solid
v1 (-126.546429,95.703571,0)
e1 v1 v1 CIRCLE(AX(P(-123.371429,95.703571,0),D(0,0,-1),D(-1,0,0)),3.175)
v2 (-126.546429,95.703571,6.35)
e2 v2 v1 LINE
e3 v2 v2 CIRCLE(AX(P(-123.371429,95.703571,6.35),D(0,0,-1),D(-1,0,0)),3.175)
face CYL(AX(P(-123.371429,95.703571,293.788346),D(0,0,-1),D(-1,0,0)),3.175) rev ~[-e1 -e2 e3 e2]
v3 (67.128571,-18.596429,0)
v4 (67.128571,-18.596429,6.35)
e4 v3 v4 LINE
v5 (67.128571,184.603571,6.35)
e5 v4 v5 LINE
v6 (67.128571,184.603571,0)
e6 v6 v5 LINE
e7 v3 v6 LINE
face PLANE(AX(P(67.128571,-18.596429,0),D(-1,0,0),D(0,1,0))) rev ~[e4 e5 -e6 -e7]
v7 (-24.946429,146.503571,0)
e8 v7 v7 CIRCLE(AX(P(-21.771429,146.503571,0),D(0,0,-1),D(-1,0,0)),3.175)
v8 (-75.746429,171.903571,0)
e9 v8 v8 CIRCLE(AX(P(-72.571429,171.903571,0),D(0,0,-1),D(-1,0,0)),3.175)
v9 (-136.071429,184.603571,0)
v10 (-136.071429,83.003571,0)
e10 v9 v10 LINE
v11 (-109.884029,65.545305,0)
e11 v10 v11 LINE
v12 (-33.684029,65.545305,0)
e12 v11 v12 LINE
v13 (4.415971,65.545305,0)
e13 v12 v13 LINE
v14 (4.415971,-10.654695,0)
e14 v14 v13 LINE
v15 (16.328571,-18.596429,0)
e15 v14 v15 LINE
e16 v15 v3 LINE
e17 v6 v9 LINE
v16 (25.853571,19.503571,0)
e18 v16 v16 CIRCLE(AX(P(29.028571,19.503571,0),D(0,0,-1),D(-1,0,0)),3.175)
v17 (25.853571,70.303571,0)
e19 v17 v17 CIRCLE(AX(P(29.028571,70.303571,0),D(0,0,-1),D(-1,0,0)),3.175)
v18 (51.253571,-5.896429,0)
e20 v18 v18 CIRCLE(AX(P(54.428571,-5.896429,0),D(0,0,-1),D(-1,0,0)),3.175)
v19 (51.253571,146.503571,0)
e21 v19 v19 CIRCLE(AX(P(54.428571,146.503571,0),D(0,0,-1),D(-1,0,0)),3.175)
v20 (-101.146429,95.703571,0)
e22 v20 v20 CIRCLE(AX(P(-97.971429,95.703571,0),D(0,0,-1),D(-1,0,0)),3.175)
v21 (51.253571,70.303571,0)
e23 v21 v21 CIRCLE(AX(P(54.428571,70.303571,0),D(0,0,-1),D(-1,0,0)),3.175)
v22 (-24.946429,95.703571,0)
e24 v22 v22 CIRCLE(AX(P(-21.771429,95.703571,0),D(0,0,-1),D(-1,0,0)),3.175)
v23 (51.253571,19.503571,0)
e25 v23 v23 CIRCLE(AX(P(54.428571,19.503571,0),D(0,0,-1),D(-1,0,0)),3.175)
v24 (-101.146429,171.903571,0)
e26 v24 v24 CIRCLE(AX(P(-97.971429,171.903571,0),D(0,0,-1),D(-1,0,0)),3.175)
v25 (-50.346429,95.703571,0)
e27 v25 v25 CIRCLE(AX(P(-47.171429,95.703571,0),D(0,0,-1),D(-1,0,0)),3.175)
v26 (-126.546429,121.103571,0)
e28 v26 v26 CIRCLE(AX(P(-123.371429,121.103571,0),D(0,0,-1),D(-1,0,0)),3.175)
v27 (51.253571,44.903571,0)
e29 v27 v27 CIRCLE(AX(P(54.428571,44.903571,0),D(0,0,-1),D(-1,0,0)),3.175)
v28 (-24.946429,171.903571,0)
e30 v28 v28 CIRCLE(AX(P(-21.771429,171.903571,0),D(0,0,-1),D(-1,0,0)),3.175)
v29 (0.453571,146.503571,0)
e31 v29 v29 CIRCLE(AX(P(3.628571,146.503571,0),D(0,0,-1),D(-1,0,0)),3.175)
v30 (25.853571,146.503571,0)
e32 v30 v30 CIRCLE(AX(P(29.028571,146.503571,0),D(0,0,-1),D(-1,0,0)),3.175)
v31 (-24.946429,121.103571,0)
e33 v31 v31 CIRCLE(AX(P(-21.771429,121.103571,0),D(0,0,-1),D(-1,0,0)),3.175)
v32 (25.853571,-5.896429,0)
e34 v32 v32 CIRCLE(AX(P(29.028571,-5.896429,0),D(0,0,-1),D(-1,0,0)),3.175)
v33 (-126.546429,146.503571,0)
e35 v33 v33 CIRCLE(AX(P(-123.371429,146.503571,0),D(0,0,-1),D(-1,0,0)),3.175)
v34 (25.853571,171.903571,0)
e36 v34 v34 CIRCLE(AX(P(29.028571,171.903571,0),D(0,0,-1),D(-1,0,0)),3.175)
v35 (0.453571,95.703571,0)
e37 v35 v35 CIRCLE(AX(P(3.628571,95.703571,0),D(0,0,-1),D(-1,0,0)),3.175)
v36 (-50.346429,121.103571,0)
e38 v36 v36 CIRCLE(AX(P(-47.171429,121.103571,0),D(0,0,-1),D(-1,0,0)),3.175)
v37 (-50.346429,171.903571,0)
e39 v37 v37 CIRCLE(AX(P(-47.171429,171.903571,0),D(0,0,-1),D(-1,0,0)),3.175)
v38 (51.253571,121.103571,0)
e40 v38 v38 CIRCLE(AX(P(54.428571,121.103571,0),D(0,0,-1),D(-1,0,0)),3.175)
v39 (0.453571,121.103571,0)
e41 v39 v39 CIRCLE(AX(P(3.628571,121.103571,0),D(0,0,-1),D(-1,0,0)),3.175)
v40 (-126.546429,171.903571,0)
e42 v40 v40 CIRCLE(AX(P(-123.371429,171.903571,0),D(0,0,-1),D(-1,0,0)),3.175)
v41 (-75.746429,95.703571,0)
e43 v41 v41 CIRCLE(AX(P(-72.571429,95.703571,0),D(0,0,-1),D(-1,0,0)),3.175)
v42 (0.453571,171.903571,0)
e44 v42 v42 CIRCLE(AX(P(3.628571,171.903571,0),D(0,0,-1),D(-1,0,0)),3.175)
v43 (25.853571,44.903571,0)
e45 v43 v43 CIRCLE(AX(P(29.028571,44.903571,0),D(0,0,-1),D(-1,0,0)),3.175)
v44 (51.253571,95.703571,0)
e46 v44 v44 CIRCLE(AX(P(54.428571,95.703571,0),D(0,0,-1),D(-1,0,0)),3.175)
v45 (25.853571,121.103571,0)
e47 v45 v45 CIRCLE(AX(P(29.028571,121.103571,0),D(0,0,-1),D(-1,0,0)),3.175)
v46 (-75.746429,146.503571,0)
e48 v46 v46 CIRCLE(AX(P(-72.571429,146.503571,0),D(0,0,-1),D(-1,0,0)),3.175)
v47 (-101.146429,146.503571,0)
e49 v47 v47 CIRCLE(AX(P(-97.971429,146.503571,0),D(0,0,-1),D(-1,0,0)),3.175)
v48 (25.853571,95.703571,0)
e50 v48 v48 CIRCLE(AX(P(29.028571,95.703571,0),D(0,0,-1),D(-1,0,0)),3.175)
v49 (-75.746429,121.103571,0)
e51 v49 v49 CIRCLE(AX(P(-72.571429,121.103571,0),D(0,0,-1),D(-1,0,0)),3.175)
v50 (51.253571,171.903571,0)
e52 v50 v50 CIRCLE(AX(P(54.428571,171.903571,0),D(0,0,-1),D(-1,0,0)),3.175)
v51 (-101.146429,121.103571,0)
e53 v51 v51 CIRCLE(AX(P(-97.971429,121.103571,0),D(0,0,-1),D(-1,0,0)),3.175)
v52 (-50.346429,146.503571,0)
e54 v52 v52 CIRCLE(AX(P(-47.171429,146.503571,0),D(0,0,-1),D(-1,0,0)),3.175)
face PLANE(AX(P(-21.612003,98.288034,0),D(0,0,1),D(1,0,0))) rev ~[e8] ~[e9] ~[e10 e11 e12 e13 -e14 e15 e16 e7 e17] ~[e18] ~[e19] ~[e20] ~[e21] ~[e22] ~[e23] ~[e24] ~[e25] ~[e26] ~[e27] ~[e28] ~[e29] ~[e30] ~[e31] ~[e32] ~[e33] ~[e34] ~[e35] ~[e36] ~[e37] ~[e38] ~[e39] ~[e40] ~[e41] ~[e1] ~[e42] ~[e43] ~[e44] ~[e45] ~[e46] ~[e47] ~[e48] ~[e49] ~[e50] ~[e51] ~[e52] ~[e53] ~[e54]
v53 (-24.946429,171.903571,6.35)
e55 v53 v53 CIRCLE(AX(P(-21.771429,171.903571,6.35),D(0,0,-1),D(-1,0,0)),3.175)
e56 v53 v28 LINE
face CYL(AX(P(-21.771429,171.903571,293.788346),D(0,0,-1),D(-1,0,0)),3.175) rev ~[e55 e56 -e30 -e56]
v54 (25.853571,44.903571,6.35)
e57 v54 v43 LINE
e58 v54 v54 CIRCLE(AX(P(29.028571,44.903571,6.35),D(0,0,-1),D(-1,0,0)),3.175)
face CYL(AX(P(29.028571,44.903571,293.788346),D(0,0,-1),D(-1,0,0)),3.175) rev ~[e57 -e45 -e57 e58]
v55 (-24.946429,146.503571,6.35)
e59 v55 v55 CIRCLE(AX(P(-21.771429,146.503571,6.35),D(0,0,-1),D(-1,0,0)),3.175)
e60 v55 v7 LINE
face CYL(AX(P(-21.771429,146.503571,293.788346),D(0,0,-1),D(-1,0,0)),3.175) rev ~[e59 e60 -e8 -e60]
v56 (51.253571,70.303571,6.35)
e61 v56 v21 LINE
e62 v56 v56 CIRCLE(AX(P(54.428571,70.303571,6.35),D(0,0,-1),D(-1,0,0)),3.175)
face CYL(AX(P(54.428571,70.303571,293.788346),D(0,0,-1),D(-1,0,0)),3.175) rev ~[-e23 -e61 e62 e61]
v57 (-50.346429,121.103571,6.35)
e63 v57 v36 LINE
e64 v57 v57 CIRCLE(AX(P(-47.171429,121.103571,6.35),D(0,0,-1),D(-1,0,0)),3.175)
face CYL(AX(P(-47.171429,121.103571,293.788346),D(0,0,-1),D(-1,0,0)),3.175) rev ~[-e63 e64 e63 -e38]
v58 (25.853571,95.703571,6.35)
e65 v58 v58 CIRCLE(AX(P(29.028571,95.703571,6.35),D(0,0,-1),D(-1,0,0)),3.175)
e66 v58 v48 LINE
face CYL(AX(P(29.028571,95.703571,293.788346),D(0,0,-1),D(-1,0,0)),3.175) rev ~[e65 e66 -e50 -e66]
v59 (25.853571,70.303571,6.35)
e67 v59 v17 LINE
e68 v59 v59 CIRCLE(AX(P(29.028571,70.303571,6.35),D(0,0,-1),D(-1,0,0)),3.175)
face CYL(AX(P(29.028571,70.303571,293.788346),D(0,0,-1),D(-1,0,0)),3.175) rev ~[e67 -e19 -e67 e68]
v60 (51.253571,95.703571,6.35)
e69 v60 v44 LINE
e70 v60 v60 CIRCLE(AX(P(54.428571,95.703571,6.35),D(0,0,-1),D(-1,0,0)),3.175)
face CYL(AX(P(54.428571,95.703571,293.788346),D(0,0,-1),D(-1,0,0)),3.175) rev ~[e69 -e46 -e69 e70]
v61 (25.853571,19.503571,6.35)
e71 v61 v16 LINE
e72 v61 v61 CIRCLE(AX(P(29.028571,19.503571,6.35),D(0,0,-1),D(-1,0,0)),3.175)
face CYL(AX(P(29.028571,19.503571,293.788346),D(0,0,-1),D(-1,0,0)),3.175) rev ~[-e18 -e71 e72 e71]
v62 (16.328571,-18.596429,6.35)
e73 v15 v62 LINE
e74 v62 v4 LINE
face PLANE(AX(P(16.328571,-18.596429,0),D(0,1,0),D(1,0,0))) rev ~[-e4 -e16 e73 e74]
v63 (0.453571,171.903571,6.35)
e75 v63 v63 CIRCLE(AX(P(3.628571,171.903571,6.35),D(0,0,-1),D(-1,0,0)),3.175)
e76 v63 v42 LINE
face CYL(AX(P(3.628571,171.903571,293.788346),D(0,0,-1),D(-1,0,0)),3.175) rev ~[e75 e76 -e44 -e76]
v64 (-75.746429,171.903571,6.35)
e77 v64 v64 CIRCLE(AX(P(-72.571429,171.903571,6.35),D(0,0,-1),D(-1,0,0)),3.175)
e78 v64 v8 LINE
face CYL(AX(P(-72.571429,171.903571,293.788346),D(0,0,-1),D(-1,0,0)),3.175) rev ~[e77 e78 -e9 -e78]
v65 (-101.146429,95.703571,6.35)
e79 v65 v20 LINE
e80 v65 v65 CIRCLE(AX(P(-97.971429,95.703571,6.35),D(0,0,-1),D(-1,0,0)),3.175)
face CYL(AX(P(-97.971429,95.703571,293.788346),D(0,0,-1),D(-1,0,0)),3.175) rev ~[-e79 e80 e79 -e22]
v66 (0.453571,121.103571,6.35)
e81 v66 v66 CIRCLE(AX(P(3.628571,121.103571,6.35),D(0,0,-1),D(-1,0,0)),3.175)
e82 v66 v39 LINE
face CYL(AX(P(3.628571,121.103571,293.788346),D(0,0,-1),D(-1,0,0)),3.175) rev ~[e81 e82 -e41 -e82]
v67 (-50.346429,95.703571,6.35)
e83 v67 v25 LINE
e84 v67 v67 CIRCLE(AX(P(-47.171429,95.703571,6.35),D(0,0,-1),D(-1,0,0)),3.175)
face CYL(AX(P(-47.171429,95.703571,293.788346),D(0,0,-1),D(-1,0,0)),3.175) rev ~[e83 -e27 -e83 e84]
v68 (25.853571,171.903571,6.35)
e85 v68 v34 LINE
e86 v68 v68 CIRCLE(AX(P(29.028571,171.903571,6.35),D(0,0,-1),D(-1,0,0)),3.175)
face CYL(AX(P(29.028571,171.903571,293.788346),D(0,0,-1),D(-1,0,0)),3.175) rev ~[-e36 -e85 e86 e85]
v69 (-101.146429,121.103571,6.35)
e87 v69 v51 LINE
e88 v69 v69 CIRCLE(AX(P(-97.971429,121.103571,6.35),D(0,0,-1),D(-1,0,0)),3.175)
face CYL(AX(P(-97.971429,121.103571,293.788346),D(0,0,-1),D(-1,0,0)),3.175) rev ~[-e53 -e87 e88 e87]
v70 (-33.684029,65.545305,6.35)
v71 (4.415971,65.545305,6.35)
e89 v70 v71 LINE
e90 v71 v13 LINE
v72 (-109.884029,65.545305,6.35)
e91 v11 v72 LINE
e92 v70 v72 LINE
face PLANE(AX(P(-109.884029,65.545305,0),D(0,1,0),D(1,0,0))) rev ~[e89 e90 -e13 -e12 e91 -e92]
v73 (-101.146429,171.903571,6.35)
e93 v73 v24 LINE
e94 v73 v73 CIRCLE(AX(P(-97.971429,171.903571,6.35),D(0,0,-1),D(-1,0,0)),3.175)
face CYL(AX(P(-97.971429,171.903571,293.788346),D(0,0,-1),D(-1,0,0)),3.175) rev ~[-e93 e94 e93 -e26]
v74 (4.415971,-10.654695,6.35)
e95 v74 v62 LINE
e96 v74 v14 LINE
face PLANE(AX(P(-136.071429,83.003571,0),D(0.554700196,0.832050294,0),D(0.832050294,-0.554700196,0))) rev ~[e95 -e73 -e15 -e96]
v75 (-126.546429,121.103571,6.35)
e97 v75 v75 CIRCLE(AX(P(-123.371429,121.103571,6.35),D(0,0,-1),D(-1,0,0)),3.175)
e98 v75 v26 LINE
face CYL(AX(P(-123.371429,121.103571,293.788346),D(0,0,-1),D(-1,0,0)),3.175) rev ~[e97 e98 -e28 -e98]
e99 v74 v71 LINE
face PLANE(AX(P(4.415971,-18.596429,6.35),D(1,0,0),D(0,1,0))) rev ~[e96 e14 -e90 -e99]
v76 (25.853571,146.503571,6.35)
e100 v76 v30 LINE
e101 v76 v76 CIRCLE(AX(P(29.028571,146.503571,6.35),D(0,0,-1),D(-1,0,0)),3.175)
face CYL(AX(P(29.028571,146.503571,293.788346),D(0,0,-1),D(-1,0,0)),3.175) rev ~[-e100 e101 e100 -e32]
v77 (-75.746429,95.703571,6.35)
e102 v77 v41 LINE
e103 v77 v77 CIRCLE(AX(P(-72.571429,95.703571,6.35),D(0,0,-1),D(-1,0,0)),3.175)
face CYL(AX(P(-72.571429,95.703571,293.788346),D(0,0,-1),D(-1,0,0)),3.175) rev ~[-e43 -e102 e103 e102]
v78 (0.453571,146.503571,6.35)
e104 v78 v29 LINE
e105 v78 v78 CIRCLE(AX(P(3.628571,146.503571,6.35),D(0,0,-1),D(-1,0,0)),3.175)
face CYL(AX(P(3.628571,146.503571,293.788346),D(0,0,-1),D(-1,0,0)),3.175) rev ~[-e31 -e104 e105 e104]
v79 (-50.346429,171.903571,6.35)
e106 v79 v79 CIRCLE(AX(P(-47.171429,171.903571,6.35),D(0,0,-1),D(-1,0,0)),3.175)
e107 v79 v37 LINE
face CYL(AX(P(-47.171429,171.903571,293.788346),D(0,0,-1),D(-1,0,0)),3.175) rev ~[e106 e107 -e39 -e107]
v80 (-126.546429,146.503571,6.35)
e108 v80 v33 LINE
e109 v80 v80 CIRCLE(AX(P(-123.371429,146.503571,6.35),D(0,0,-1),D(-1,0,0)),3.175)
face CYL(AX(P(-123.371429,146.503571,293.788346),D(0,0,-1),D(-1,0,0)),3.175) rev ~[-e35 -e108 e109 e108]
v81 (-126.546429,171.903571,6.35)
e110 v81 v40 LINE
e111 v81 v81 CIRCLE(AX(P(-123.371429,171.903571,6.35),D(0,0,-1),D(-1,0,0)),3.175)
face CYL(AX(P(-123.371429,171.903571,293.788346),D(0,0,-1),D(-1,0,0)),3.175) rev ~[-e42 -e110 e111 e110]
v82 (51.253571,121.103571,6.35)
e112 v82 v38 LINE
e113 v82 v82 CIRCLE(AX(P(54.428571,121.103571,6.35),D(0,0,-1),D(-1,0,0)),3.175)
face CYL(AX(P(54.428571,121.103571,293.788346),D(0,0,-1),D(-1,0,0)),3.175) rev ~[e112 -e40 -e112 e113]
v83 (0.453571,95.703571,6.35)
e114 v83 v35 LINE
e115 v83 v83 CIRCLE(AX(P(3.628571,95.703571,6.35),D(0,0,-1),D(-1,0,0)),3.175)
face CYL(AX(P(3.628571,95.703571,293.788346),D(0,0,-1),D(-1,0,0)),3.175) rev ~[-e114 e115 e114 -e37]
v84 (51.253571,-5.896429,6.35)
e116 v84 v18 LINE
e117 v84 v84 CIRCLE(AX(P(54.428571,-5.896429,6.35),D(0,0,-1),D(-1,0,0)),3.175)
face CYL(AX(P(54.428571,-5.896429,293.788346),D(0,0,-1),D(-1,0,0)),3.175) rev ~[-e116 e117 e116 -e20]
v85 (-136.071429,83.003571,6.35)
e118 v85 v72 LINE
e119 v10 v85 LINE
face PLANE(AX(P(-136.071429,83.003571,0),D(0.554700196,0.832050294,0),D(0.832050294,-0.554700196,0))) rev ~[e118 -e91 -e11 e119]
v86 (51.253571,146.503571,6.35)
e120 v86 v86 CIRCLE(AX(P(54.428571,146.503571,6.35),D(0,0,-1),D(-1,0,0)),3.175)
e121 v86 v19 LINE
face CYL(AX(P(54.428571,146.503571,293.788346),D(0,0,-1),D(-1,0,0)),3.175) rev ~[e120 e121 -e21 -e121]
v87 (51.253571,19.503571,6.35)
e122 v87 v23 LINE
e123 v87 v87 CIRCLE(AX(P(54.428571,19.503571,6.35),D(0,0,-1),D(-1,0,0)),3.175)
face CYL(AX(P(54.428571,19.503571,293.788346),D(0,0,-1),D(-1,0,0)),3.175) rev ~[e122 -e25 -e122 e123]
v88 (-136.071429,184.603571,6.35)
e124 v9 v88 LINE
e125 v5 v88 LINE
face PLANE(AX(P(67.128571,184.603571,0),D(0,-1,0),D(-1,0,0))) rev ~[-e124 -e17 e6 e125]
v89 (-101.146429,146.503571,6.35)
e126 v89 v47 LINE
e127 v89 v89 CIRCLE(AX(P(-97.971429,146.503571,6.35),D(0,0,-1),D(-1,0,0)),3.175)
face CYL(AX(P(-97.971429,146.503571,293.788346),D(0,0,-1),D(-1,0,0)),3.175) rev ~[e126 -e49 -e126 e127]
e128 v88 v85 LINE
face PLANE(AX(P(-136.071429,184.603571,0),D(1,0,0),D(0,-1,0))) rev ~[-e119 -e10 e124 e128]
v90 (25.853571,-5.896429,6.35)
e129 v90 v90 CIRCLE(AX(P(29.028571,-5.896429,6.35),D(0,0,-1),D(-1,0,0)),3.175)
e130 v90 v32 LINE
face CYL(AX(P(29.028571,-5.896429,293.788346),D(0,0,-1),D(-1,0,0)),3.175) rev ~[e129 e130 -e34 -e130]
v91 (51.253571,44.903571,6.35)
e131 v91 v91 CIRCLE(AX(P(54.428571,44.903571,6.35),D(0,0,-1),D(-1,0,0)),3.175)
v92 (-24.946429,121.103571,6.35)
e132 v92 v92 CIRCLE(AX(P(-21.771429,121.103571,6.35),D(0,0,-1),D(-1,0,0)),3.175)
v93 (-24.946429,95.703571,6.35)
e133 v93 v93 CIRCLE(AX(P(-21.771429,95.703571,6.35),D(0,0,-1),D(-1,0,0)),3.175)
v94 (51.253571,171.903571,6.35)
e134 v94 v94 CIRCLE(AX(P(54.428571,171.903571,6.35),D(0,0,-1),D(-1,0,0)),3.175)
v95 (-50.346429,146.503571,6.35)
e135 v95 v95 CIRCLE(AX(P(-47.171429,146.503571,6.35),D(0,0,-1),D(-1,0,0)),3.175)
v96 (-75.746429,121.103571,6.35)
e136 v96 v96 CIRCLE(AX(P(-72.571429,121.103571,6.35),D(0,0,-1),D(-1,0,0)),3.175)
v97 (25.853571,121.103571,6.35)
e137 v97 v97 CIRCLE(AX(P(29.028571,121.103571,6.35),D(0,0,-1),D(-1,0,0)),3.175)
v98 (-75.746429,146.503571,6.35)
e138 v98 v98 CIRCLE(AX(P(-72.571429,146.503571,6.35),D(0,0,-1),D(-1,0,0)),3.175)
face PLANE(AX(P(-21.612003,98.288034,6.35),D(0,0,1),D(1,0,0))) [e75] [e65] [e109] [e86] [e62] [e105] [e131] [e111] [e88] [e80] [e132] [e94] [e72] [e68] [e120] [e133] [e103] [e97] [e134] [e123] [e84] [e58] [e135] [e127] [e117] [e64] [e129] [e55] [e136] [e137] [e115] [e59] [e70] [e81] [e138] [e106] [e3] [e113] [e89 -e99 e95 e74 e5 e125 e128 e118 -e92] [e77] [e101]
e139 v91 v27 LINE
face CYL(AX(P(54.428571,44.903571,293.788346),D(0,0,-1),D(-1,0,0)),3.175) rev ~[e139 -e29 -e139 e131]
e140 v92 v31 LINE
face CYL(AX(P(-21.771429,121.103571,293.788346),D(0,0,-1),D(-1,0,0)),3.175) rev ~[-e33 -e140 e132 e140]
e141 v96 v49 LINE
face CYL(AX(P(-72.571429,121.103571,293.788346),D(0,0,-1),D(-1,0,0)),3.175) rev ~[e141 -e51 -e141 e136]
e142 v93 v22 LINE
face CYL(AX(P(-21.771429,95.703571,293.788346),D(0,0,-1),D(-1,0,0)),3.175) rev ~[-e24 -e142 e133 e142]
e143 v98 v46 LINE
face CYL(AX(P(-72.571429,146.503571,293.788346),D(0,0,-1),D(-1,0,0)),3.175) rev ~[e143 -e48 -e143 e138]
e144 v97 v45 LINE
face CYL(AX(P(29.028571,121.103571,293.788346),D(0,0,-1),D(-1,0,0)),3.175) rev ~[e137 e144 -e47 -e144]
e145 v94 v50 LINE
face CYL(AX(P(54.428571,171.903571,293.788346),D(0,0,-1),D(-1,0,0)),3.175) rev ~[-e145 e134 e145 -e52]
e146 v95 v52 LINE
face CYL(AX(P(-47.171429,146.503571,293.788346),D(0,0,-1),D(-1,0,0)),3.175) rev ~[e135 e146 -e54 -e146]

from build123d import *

# Parameters (mm, degrees)
EXTRUSION1_DEPTH   = 6.35
HOLE1_D            = 6.35
EXTRUSION2_DEPTH   = 25.4
SKETCH5_W          = 38.1
SKETCH5_H          = 84.141733333
CUT_EXTRUDE1_DEPTH = 230.421522185


with BuildPart() as part:
    # Sketch1 → Extrusion1 (new body)
    with BuildSketch(Plane.XY):
        Polygon((-136.071428881, 83.003571429), (16.328571119, -18.596428571), (67.128571119, -18.596428571), (67.128571119, 184.603571429), (-136.071428881, 184.603571429), align=None)
    extrude(amount=EXTRUSION1_DEPTH)

    # Hole1 (through all)
    with Locations(Plane.XY.offset(6.35)):
        with Locations((-123.371428881, 171.903571429), (-97.971428881, 171.903571429), (-72.571428881, 171.903571429), (-47.171428881, 171.903571429), (-21.771428881, 171.903571429), (3.628571119, 171.903571429), (29.028571119, 171.903571429), (54.428571119, 171.903571429), (-123.371428881, 146.503571429), (-97.971428881, 146.503571429), (-72.571428881, 146.503571429), (-47.171428881, 146.503571429), (-21.771428881, 146.503571429), (3.628571119, 146.503571429), (29.028571119, 146.503571429), (54.428571119, 146.503571429), (-123.371428881, 121.103571429), (-97.971428881, 121.103571429), (-72.571428881, 121.103571429), (-47.171428881, 121.103571429), (-21.771428881, 121.103571429), (3.628571119, 121.103571429), (29.028571119, 121.103571429), (54.428571119, 121.103571429), (-123.371428881, 95.703571429), (-97.971428881, 95.703571429), (-72.571428881, 95.703571429), (-47.171428881, 95.703571429), (-21.771428881, 95.703571429), (3.628571119, 95.703571429), (29.028571119, 95.703571429), (54.428571119, 95.703571429), (54.428571119, 70.303571429), (54.428571119, 44.903571429), (54.428571119, 19.503571429), (54.428571119, -5.896428571), (29.028571119, 70.303571429), (29.028571119, 44.903571429), (29.028571119, 19.503571429), (29.028571119, -5.896428571)):
            Hole(HOLE1_D / 2)

    # Sketch4 → Extrusion2 (cut)
    with BuildSketch(Plane(origin=(0, 0, 0), x_dir=(-1, 0, 0), z_dir=(0, 0, -1))):
        Polygon((33.684028881, 65.545304762), (33.684028881, 14.745304762), (109.884028881, 65.545304762), align=None)
    extrude(amount=-EXTRUSION2_DEPTH, mode=Mode.SUBTRACT)

    # Sketch5 → Cut-Extrude1 (cut, through all)
    with BuildSketch(Plane.XY.offset(6.35)):
        with Locations((-14.634028881, 23.474438095)):
            Rectangle(SKETCH5_W, SKETCH5_H)
    extrude(amount=-CUT_EXTRUDE1_DEPTH, mode=Mode.SUBTRACT)


solid = part.part
